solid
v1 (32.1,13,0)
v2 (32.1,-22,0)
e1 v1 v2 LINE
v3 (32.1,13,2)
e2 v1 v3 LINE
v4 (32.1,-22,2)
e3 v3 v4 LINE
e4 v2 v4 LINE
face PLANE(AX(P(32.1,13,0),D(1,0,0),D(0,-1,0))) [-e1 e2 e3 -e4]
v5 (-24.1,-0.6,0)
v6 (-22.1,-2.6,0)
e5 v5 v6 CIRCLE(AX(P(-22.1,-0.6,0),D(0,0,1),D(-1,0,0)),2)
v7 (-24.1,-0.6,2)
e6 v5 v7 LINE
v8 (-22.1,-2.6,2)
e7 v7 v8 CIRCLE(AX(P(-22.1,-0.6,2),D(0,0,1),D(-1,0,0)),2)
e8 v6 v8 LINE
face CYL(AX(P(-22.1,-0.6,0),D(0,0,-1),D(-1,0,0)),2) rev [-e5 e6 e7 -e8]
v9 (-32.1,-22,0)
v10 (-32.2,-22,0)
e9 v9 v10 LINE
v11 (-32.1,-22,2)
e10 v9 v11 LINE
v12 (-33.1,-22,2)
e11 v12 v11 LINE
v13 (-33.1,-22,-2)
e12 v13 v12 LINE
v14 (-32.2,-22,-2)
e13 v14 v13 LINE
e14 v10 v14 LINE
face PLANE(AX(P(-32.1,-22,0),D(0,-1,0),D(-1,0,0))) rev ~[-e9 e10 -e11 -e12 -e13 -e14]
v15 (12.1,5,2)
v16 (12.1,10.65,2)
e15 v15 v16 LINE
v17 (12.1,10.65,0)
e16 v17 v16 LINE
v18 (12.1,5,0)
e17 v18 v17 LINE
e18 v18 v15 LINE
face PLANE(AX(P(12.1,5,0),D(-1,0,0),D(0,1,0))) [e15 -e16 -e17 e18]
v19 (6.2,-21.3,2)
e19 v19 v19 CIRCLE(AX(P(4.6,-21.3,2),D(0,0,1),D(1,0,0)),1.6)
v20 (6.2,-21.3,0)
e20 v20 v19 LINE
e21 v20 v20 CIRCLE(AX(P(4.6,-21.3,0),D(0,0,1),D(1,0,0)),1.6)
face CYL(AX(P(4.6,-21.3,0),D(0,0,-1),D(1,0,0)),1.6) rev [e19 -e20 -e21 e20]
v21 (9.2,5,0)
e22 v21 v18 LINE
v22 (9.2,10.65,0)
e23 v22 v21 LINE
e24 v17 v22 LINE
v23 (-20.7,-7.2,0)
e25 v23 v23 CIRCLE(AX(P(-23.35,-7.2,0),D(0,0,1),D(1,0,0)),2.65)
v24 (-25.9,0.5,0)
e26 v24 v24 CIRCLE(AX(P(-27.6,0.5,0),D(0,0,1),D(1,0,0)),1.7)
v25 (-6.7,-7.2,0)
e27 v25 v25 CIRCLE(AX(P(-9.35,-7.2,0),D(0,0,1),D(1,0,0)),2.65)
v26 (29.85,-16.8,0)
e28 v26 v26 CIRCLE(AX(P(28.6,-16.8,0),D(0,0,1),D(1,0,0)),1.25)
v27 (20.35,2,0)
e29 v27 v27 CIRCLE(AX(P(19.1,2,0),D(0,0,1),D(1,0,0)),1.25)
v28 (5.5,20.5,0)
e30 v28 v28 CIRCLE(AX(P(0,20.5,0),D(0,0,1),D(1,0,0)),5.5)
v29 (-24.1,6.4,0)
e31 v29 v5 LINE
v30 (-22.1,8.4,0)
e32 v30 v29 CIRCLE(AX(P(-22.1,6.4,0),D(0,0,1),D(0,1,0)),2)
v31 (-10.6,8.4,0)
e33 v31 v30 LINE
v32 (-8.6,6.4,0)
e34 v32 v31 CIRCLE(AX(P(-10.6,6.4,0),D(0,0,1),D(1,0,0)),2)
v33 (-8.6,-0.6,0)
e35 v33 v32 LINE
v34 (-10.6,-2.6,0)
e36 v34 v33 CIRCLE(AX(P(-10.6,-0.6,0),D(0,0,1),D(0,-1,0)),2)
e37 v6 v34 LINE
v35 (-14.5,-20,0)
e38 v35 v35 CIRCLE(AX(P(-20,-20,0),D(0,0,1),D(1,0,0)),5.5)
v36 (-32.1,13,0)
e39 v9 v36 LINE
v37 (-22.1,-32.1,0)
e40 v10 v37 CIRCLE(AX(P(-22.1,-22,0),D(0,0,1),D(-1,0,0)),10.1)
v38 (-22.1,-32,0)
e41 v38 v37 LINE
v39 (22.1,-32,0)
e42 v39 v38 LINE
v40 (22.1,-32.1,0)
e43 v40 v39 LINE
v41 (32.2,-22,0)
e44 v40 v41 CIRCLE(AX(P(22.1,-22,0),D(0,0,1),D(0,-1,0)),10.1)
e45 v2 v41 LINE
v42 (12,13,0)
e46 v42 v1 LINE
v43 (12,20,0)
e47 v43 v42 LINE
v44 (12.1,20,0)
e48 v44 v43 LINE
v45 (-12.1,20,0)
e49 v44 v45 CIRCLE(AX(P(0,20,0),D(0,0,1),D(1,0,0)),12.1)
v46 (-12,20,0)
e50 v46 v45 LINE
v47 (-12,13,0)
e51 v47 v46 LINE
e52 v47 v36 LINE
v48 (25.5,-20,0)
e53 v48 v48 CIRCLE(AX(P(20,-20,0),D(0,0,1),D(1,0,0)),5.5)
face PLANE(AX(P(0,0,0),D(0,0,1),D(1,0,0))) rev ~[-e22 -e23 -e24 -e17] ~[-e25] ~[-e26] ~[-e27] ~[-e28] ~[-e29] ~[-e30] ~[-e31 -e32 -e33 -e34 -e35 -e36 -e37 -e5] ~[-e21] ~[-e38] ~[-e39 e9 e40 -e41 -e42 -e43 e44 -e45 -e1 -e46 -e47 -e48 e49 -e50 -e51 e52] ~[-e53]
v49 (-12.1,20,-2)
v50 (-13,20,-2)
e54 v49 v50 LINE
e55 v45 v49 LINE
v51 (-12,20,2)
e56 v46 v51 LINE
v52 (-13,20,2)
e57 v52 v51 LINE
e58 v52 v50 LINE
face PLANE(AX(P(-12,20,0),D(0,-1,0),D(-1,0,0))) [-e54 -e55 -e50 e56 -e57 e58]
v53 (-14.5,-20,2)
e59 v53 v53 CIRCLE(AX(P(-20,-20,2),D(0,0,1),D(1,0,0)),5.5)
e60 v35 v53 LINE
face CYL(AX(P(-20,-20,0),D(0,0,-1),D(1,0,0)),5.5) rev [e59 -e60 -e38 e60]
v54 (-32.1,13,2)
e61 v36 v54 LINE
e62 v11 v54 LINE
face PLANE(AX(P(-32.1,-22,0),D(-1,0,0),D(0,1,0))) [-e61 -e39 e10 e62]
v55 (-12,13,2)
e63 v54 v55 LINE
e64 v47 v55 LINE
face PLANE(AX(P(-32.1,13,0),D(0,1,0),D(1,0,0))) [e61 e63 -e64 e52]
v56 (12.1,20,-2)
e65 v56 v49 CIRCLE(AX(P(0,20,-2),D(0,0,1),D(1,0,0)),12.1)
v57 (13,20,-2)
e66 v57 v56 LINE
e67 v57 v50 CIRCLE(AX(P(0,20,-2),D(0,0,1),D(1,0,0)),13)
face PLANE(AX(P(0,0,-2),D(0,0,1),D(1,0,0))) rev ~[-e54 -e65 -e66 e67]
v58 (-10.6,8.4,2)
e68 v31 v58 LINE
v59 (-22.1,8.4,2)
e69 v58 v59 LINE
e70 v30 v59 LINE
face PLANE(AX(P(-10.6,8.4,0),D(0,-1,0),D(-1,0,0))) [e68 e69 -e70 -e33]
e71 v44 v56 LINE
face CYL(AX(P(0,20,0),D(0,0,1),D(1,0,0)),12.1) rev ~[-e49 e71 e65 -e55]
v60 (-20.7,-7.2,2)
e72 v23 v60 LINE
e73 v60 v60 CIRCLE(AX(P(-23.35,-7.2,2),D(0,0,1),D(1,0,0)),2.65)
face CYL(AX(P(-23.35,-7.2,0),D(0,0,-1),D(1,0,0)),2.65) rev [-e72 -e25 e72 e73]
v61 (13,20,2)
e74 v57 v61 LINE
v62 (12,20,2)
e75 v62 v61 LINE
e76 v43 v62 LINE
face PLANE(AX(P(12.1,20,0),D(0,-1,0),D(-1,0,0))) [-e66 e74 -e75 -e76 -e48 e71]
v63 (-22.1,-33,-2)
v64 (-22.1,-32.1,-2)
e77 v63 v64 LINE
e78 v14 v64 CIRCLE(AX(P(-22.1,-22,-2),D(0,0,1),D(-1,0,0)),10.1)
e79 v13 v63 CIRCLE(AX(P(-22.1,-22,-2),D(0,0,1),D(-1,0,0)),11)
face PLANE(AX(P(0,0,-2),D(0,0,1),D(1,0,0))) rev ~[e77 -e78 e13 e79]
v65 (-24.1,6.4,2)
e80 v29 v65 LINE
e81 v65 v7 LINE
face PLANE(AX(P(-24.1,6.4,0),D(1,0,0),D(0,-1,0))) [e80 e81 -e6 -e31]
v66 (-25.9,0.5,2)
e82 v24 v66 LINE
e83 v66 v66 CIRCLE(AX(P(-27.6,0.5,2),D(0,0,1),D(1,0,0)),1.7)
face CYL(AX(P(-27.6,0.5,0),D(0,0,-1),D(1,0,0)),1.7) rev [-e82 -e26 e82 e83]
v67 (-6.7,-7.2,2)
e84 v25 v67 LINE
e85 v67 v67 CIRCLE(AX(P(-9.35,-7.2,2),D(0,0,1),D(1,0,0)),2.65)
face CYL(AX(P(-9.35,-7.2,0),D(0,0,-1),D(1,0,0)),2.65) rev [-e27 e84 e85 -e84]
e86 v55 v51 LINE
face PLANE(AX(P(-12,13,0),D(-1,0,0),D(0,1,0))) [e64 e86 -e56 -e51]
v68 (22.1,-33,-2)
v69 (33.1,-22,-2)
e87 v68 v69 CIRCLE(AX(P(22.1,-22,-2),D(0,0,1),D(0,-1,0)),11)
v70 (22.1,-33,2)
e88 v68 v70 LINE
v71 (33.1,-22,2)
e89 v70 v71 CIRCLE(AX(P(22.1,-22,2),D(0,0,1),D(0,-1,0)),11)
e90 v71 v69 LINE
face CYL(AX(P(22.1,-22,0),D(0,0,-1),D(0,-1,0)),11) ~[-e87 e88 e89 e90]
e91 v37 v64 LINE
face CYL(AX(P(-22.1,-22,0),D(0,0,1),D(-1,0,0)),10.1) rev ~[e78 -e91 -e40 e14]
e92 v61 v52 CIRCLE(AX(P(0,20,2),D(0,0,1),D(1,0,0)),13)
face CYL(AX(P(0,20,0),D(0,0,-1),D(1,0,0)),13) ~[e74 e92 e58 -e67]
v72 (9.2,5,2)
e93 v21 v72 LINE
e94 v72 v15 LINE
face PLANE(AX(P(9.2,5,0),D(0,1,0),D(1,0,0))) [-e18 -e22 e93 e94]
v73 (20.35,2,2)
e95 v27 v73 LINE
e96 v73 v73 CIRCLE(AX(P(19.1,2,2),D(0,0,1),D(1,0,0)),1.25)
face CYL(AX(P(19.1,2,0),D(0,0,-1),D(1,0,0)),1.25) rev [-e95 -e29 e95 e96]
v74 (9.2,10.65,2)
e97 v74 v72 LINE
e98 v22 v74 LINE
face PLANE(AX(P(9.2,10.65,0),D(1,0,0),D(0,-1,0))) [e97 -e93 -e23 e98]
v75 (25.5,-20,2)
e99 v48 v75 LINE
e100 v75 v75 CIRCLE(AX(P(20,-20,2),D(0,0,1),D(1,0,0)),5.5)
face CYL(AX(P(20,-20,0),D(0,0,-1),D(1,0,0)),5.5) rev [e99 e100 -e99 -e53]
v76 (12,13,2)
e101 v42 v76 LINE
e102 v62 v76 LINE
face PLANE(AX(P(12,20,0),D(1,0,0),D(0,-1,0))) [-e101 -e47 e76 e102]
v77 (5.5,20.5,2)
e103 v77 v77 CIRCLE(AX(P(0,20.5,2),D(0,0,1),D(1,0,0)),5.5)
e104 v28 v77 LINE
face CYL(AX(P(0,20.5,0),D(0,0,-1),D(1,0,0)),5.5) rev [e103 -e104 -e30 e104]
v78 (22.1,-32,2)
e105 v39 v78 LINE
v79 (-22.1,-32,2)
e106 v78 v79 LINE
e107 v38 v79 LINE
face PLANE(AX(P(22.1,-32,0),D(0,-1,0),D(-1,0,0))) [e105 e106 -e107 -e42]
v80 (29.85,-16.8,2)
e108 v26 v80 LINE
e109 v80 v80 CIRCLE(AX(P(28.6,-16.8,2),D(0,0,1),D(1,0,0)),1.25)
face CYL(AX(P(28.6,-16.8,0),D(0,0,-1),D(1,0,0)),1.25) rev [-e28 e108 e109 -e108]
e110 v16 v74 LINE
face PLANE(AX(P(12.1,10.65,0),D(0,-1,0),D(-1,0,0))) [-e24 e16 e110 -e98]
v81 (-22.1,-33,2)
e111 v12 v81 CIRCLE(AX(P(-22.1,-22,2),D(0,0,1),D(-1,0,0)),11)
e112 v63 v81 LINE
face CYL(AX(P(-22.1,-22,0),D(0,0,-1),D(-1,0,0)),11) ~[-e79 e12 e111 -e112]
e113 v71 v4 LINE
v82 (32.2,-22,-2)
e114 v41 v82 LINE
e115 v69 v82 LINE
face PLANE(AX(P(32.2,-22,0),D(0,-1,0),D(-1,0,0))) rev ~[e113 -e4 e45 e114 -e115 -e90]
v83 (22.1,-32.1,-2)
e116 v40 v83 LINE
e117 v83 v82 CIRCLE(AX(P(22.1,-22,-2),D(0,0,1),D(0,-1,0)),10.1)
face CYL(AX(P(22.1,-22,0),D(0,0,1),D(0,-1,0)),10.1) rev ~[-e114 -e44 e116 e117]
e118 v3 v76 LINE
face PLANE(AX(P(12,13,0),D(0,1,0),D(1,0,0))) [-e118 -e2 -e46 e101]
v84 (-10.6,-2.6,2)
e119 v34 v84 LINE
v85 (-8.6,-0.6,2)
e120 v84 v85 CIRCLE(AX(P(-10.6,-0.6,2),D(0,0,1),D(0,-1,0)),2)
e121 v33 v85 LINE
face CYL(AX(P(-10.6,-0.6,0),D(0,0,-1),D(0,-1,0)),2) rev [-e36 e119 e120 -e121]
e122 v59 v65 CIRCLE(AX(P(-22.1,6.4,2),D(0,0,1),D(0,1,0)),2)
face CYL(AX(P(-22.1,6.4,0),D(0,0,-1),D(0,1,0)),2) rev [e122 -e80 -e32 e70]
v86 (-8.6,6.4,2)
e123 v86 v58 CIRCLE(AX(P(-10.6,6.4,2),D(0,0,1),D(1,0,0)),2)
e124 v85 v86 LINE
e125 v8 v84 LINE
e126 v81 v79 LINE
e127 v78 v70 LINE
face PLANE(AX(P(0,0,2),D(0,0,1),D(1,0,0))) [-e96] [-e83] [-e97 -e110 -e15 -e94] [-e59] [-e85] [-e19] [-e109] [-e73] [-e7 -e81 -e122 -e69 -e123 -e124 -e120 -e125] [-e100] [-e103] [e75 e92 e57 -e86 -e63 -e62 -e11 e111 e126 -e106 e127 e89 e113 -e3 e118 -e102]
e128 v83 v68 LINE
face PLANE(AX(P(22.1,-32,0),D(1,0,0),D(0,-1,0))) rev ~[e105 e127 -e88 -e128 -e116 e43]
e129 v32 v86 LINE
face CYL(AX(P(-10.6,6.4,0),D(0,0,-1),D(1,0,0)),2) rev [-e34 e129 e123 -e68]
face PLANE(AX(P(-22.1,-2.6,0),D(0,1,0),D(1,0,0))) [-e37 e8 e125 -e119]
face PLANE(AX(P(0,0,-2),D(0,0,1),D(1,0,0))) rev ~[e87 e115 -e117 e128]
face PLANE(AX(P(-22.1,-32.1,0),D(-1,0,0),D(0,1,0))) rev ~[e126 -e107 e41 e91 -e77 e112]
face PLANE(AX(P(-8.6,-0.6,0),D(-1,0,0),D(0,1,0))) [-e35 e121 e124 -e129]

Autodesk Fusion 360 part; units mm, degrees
sketch "Back_Plate" plane through (0, 0, 0) normal (0, 0, 1) x (1, 0, 0)
  line L0 (-32.1, -22) -> (-32.1, 13)
  line L1 (12, 20) -> (12, 13)
  line L2 (12.1, 10.65) -> (9.2, 10.65)
  arc A0 (-22.1, -32) -> (-32.1, -22) centre (-22.1, -22) cw
  arc A1 (-24.1, -0.6) -> (-22.1, -2.6) centre (-22.1, -0.6) ccw
  line L3 (9.2, 10.65) -> (9.2, 5)
  line L4 (-22.1, -2.6) -> (-10.6, -2.6)
  arc A2 (32.1, -22) -> (22.1, -32) centre (22.1, -22) cw
  line L5 (32.1, 13) -> (32.1, -22)
  arc A3 (-12, 20) -> (12, 20) centre (0, 20) cw
  line L6 (12, 13) -> (15.1, 13)
  line L7 (22.1, -32) -> (-22.1, -32)
  line L8 (-12, 13) -> (-12, 20)
  line L9 (-15.1, 13) -> (-12, 13)
  line L10 (15.1, 13) -> (32.1, 13)
  line L11 (-8.6, -0.6) -> (-8.6, 6.4)
  arc A4 (-10.6, -2.6) -> (-8.6, -0.6) centre (-10.6, -0.6) ccw
  line L12 (12.1, 5) -> (12.1, 10.65)
  line L13 (-32.1, 13) -> (-15.1, 13)
  circle A5 centre (-23.35, -7.2) radius 2.65
  circle A6 centre (20, -20) radius 5.5
  arc A7 (22.1, -33) -> (33.1, -22) centre (22.1, -22) ccw
  arc A8 (12.1, 20) -> (-12.1, 20) centre (0, 20) ccw
  line L14 (-10.6, 8.4) -> (-22.1, 8.4)
  line L15 (-22.1, -33) -> (-22.1, -32)
  arc A9 (22.1, -32.1) -> (32.2, -22) centre (22.1, -22) ccw
  line L16 (-24.1, 6.4) -> (-24.1, -0.6)
  line L17 (13, 20) -> (12, 20)
  circle A10 centre (28.6, -16.8) radius 1.25
  circle A11 centre (-9.35, -7.2) radius 2.65
  circle A12 centre (0, 20.5) radius 3.5
  line L18 (33.1, -22) -> (32.1, -22)
  line L19 (9.2, 5) -> (12.1, 5)
  arc A13 (32.1, -22) -> (22.1, -32) centre (22.1, -22) cw
  arc A14 (-22.1, 8.4) -> (-24.1, 6.4) centre (-22.1, 6.4) ccw
  arc A15 (-33.1, -22) -> (-22.1, -33) centre (-22.1, -22) ccw
  circle A16 centre (19.1, 2) radius 1.25
  circle A17 centre (-20, -20) radius 5.5
  arc A18 (12, 20) -> (-12, 20) centre (0, 20) ccw
  arc A19 (-32.2, -22) -> (-22.1, -32.1) centre (-22.1, -22) ccw
  line L20 (-12, 20) -> (-13, 20)
  circle A20 centre (-20, -20) radius 2.5
  circle A21 centre (20, -20) radius 2.5
  line L21 (22.1, -32) -> (22.1, -33)
  circle A22 centre (-27.6, 0.5) radius 1.7
  circle A23 centre (4.6, -21.3) radius 1.6
  circle A24 centre (0, 20.5) radius 5.5
  line L22 (-32.1, -22) -> (-33.1, -22)
  arc A25 (-8.6, 6.4) -> (-10.6, 8.4) centre (-10.6, 6.4) ccw
  arc A26 (-22.1, -32) -> (-32.1, -22) centre (-22.1, -22) cw
  arc A27 (13, 20) -> (-13, 20) centre (0, 20) ccw
extrude "Extrude1" add sketch "Back_Plate" along normal blind 2 contours L0 L1 A0 A2 L5 A3 L6 L7 L8 L9 L10 L13 A13 A18 A26 | A0 L15 A19 L22 A26 | L15 A15 A19 L22 | A2 A9 L18 A13 L21 | A7 A9 L18 L21 | A3 A8 L17 A18 L20 | A8 L17 L20 A27
extrude "Extrude2" add sketch "Back_Plate" against normal blind 2 contours L15 A15 A19 L22 | A7 A9 L18 L21 | A8 L17 L20 A27
